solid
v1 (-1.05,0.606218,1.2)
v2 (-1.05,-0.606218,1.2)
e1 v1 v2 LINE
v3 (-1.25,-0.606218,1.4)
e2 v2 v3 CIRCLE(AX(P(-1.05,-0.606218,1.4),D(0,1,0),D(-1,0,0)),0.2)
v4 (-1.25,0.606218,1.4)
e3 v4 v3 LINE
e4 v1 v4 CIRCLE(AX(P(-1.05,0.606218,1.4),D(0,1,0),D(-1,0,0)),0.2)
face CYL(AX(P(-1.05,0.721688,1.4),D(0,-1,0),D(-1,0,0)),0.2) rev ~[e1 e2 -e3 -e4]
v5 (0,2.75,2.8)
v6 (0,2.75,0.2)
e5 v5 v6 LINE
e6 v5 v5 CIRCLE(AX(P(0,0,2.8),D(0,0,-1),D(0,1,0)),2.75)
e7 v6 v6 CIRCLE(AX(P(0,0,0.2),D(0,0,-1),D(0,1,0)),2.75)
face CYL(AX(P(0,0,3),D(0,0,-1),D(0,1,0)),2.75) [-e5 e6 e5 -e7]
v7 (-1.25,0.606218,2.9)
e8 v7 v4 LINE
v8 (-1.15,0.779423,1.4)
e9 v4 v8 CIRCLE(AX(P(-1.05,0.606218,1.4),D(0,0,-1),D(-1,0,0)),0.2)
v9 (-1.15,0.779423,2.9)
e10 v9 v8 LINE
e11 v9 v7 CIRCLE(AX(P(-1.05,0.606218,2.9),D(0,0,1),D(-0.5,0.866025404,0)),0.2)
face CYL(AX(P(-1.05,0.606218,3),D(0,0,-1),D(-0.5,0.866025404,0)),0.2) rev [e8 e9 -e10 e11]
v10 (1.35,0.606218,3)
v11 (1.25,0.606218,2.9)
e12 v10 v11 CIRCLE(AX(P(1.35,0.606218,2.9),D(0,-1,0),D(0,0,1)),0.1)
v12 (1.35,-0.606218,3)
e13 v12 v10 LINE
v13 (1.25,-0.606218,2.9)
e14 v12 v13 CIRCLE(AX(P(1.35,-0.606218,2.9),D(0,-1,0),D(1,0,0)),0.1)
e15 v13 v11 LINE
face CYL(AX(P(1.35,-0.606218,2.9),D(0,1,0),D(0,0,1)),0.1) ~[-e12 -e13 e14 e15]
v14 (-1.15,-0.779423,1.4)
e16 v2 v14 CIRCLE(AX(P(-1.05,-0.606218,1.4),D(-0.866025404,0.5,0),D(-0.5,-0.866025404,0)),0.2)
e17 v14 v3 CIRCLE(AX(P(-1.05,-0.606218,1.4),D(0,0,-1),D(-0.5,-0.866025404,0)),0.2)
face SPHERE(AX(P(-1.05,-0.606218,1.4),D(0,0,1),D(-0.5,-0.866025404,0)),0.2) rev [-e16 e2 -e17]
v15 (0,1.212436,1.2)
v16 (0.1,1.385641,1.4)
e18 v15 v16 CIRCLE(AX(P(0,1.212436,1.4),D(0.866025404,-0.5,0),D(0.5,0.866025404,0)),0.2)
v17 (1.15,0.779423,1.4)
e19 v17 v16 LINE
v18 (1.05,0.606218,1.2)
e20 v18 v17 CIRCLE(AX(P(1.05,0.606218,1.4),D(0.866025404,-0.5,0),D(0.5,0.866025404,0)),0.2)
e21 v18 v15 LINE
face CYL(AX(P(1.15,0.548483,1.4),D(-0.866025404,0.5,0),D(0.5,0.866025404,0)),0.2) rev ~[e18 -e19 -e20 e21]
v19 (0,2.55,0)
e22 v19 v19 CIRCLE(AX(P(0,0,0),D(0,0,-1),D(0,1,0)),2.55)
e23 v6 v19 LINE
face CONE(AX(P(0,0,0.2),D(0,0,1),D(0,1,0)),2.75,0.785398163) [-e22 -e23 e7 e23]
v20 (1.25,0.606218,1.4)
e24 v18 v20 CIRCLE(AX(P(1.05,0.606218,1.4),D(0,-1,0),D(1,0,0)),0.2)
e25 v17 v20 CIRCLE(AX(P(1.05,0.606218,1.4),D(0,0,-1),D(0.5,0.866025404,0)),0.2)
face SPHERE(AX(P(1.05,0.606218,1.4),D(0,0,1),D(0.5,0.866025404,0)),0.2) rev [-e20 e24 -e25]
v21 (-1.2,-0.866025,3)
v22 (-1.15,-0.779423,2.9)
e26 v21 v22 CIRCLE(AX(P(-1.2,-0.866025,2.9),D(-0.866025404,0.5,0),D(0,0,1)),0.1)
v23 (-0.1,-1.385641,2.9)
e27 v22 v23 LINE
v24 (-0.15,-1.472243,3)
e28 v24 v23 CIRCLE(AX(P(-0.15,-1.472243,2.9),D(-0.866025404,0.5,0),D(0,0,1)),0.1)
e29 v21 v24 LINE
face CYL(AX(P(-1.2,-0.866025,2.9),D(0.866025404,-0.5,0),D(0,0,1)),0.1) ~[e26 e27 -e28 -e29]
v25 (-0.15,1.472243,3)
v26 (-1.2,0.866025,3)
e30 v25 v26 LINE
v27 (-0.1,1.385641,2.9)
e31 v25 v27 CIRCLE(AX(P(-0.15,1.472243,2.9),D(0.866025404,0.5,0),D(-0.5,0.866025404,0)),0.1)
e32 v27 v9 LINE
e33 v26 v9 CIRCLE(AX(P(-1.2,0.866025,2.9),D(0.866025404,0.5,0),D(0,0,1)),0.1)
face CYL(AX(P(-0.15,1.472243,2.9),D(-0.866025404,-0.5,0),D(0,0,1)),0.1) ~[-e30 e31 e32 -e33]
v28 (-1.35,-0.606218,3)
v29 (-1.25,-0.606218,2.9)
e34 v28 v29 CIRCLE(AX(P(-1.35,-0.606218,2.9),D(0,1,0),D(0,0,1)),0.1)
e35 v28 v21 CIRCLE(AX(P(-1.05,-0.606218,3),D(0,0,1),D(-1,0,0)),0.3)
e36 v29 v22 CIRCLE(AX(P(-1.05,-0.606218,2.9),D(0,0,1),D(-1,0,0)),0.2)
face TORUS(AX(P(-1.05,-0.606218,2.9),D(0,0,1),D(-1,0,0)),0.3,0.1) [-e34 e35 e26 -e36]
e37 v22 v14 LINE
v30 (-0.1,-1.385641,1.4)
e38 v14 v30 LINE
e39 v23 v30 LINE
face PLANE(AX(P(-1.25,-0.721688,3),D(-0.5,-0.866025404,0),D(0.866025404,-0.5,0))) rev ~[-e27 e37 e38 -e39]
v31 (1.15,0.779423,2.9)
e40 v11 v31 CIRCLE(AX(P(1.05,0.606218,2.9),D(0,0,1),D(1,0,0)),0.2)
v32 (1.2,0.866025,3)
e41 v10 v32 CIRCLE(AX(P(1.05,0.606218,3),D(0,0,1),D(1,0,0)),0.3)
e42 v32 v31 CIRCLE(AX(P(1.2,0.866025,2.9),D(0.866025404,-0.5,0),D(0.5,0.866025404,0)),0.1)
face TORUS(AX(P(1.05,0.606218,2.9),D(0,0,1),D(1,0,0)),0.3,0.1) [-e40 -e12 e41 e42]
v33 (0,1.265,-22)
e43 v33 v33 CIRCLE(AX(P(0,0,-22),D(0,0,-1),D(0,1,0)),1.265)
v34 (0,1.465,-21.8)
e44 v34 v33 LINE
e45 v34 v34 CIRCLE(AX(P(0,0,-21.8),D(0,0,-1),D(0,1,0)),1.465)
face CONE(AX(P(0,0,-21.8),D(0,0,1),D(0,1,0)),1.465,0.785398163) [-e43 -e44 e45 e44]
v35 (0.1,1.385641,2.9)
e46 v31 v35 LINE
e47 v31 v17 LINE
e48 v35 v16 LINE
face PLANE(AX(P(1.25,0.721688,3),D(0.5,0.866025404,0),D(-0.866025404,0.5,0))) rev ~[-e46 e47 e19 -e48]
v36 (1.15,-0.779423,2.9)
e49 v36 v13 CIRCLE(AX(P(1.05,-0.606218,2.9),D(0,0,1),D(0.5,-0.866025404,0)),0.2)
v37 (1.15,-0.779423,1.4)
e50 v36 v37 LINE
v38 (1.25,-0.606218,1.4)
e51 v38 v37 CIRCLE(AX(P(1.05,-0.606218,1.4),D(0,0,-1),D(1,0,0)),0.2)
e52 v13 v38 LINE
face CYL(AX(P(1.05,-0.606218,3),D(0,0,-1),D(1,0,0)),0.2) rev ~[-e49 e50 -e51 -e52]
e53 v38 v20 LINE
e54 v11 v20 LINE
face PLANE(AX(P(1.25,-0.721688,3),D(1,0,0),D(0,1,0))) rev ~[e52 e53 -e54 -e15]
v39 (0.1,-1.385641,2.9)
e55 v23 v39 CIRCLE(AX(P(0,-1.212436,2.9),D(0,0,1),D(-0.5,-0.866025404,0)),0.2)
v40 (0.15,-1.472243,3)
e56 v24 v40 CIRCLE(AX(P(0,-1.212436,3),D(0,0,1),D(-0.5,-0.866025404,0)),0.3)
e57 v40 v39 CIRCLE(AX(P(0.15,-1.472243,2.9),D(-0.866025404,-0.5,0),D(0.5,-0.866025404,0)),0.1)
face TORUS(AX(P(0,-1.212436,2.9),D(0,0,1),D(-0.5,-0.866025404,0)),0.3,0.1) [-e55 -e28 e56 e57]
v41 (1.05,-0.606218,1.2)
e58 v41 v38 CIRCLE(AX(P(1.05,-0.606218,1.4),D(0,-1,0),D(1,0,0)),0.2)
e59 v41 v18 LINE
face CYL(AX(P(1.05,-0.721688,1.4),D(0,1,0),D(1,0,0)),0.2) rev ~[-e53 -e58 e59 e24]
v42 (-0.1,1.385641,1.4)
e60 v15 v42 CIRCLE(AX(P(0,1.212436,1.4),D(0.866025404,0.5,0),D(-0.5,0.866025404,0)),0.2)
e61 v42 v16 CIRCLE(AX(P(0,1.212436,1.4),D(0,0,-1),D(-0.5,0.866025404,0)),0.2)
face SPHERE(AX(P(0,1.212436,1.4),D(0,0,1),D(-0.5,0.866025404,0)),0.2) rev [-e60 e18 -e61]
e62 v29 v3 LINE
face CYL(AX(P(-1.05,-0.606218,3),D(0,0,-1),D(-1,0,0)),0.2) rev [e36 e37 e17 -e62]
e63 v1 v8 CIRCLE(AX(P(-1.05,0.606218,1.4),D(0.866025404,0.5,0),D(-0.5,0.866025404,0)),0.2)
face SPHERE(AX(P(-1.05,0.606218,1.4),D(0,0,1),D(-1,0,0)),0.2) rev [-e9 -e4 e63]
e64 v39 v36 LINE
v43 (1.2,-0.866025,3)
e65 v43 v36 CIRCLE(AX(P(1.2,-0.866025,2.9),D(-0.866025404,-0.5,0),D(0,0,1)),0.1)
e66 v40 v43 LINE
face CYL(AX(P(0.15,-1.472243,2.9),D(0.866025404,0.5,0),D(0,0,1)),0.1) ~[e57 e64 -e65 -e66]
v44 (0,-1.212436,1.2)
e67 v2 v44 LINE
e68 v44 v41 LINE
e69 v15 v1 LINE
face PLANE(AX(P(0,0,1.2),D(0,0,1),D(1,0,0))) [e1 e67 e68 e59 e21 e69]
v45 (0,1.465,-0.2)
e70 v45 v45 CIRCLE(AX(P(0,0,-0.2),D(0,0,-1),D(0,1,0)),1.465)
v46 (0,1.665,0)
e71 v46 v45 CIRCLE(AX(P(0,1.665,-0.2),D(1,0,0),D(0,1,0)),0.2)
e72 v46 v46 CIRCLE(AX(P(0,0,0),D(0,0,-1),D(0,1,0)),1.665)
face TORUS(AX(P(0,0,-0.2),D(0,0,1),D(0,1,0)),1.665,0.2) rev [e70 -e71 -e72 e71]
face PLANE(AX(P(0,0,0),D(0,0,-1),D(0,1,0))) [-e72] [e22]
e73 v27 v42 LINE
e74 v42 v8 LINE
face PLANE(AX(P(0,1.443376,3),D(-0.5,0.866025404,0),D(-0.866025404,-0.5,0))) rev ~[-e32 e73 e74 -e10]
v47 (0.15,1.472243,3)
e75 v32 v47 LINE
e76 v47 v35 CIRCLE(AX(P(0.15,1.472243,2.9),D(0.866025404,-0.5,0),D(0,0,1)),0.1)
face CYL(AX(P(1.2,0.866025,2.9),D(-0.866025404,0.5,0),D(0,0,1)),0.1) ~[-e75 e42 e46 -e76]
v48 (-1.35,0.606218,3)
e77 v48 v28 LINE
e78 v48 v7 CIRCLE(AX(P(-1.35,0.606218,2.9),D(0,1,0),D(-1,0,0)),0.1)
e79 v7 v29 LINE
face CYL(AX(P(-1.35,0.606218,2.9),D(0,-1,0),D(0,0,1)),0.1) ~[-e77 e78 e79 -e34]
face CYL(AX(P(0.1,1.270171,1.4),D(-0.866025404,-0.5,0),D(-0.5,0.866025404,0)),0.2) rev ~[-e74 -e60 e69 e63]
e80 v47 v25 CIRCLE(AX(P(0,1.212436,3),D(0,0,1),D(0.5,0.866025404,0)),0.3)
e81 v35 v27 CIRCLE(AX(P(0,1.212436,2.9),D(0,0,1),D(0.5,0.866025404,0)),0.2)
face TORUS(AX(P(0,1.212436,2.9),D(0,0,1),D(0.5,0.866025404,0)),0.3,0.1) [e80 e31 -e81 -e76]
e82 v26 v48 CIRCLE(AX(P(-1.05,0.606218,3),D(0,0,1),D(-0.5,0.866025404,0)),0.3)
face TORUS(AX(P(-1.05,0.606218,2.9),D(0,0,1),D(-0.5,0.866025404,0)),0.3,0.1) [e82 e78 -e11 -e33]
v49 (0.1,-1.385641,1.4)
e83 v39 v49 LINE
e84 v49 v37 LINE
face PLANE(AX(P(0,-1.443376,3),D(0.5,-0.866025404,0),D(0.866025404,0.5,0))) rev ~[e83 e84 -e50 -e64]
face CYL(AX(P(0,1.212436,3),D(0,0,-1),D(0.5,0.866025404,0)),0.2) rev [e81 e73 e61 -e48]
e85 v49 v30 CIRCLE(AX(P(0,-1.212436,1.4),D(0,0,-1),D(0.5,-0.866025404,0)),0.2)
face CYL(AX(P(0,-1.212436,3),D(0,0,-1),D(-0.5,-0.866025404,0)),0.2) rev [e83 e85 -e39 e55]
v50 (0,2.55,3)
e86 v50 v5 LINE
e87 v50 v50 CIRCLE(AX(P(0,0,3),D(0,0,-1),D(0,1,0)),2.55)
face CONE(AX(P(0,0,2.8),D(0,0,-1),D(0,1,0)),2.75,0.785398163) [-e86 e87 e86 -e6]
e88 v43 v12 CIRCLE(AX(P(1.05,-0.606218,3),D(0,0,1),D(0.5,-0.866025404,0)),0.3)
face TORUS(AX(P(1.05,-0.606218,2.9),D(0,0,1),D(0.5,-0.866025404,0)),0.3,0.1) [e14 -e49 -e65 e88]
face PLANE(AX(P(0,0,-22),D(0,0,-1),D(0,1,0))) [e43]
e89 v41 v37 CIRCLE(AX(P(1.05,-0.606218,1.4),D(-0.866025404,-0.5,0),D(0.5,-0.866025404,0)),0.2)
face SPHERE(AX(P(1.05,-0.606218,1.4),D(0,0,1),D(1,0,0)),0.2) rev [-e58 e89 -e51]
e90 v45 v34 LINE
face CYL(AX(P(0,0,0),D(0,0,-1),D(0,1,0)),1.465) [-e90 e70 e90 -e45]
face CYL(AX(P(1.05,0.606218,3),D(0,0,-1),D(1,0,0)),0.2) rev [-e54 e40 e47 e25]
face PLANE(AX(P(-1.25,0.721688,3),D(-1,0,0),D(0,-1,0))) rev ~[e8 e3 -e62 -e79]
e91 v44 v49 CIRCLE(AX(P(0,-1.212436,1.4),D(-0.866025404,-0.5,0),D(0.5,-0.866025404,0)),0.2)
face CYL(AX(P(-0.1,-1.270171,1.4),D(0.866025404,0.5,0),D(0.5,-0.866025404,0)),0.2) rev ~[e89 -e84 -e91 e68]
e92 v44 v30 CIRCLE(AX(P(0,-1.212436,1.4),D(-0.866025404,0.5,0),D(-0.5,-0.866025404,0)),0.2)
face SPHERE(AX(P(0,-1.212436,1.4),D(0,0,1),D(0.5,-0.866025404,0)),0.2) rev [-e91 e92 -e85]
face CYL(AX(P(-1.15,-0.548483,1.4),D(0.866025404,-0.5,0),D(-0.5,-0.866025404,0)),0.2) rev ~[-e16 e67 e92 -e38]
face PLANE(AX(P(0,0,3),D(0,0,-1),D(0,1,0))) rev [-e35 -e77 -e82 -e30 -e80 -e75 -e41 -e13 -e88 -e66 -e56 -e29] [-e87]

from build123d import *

# Parameters (mm, degrees)
SCHNITT_LINEAR_AUSTRAGEN1_DEPTH = 1.8
FASE1_SIZE                      = 0.2
VERRUNDUNG1_R                   = 0.2
VERRUNDUNG2_R                   = 0.1


with BuildPart() as part:
    # Skizze1 → Rotation1 (revolve)
    with BuildSketch(Plane(origin=(0, 0, 0), x_dir=(0, 0, -1), z_dir=(1, 0, 0))):
        Polygon((-3, 0), (-3, 2.75), (0, 2.75), (0, 1.465), (22, 1.465), (22, 0), align=None)
    revolve(axis=Axis((0, 0, 21.919879518), (0, 0, -1)))

    # Skizze2 → Schnitt-Linear austragen1 (cut)
    with BuildSketch(Plane.XY.offset(3)):
        Polygon((1.25, -0.721687836), (1.25, 0.721687836), (0, 1.443375673), (-1.25, 0.721687836), (-1.25, -0.721687836), (0, -1.443375673), align=None)
    extrude(amount=-SCHNITT_LINEAR_AUSTRAGEN1_DEPTH, mode=Mode.SUBTRACT)

    # Fase1
    fase1_edges = [part.edges().sort_by_distance(p)[0] for p in [
        (0, -1.465, -22),
        (0, -2.75, 0),
        (0, -2.75, 3),
    ]]
    chamfer(fase1_edges, length=FASE1_SIZE)

    # Verrundung1
    verrundung1_edges = [part.edges().sort_by_distance(p)[0] for p in [
        (0.625, -1.082531755, 1.2),
        (1.25, -0.721687836, 2.1),
        (-0.625, -1.082531755, 1.2),
        (0, -1.443375673, 2.1),
        (-1.25, 0, 1.2),
        (-1.25, -0.721687836, 2.1),
        (-0.625, 1.082531755, 1.2),
        (-1.25, 0.721687836, 2.1),
        (0.625, 1.082531755, 1.2),
        (0, 1.443375673, 2.1),
        (1.25, 0, 1.2),
        (1.25, 0.721687836, 2.1),
        (0, -1.465, 0),
    ]]
    fillet(verrundung1_edges, radius=VERRUNDUNG1_R)

    # Verrundung2
    verrundung2_edges = [part.edges().sort_by_distance(p)[0] for p in [
        (-0.625, -1.082531755, 3),
        (-1.25, 0, 3),
        (-0.625, 1.082531755, 3),
        (0.625, 1.082531755, 3),
        (1.25, 0, 3),
        (0.625, -1.082531755, 3),
        (-1.223205081, -0.706217783, 3),
        (0, -1.412435565, 3),
        (1.223205081, -0.706217783, 3),
        (1.223205081, 0.706217783, 3),
        (0, 1.412435565, 3),
        (-1.223205081, 0.706217783, 3),
    ]]
    fillet(verrundung2_edges, radius=VERRUNDUNG2_R)


solid = part.part
